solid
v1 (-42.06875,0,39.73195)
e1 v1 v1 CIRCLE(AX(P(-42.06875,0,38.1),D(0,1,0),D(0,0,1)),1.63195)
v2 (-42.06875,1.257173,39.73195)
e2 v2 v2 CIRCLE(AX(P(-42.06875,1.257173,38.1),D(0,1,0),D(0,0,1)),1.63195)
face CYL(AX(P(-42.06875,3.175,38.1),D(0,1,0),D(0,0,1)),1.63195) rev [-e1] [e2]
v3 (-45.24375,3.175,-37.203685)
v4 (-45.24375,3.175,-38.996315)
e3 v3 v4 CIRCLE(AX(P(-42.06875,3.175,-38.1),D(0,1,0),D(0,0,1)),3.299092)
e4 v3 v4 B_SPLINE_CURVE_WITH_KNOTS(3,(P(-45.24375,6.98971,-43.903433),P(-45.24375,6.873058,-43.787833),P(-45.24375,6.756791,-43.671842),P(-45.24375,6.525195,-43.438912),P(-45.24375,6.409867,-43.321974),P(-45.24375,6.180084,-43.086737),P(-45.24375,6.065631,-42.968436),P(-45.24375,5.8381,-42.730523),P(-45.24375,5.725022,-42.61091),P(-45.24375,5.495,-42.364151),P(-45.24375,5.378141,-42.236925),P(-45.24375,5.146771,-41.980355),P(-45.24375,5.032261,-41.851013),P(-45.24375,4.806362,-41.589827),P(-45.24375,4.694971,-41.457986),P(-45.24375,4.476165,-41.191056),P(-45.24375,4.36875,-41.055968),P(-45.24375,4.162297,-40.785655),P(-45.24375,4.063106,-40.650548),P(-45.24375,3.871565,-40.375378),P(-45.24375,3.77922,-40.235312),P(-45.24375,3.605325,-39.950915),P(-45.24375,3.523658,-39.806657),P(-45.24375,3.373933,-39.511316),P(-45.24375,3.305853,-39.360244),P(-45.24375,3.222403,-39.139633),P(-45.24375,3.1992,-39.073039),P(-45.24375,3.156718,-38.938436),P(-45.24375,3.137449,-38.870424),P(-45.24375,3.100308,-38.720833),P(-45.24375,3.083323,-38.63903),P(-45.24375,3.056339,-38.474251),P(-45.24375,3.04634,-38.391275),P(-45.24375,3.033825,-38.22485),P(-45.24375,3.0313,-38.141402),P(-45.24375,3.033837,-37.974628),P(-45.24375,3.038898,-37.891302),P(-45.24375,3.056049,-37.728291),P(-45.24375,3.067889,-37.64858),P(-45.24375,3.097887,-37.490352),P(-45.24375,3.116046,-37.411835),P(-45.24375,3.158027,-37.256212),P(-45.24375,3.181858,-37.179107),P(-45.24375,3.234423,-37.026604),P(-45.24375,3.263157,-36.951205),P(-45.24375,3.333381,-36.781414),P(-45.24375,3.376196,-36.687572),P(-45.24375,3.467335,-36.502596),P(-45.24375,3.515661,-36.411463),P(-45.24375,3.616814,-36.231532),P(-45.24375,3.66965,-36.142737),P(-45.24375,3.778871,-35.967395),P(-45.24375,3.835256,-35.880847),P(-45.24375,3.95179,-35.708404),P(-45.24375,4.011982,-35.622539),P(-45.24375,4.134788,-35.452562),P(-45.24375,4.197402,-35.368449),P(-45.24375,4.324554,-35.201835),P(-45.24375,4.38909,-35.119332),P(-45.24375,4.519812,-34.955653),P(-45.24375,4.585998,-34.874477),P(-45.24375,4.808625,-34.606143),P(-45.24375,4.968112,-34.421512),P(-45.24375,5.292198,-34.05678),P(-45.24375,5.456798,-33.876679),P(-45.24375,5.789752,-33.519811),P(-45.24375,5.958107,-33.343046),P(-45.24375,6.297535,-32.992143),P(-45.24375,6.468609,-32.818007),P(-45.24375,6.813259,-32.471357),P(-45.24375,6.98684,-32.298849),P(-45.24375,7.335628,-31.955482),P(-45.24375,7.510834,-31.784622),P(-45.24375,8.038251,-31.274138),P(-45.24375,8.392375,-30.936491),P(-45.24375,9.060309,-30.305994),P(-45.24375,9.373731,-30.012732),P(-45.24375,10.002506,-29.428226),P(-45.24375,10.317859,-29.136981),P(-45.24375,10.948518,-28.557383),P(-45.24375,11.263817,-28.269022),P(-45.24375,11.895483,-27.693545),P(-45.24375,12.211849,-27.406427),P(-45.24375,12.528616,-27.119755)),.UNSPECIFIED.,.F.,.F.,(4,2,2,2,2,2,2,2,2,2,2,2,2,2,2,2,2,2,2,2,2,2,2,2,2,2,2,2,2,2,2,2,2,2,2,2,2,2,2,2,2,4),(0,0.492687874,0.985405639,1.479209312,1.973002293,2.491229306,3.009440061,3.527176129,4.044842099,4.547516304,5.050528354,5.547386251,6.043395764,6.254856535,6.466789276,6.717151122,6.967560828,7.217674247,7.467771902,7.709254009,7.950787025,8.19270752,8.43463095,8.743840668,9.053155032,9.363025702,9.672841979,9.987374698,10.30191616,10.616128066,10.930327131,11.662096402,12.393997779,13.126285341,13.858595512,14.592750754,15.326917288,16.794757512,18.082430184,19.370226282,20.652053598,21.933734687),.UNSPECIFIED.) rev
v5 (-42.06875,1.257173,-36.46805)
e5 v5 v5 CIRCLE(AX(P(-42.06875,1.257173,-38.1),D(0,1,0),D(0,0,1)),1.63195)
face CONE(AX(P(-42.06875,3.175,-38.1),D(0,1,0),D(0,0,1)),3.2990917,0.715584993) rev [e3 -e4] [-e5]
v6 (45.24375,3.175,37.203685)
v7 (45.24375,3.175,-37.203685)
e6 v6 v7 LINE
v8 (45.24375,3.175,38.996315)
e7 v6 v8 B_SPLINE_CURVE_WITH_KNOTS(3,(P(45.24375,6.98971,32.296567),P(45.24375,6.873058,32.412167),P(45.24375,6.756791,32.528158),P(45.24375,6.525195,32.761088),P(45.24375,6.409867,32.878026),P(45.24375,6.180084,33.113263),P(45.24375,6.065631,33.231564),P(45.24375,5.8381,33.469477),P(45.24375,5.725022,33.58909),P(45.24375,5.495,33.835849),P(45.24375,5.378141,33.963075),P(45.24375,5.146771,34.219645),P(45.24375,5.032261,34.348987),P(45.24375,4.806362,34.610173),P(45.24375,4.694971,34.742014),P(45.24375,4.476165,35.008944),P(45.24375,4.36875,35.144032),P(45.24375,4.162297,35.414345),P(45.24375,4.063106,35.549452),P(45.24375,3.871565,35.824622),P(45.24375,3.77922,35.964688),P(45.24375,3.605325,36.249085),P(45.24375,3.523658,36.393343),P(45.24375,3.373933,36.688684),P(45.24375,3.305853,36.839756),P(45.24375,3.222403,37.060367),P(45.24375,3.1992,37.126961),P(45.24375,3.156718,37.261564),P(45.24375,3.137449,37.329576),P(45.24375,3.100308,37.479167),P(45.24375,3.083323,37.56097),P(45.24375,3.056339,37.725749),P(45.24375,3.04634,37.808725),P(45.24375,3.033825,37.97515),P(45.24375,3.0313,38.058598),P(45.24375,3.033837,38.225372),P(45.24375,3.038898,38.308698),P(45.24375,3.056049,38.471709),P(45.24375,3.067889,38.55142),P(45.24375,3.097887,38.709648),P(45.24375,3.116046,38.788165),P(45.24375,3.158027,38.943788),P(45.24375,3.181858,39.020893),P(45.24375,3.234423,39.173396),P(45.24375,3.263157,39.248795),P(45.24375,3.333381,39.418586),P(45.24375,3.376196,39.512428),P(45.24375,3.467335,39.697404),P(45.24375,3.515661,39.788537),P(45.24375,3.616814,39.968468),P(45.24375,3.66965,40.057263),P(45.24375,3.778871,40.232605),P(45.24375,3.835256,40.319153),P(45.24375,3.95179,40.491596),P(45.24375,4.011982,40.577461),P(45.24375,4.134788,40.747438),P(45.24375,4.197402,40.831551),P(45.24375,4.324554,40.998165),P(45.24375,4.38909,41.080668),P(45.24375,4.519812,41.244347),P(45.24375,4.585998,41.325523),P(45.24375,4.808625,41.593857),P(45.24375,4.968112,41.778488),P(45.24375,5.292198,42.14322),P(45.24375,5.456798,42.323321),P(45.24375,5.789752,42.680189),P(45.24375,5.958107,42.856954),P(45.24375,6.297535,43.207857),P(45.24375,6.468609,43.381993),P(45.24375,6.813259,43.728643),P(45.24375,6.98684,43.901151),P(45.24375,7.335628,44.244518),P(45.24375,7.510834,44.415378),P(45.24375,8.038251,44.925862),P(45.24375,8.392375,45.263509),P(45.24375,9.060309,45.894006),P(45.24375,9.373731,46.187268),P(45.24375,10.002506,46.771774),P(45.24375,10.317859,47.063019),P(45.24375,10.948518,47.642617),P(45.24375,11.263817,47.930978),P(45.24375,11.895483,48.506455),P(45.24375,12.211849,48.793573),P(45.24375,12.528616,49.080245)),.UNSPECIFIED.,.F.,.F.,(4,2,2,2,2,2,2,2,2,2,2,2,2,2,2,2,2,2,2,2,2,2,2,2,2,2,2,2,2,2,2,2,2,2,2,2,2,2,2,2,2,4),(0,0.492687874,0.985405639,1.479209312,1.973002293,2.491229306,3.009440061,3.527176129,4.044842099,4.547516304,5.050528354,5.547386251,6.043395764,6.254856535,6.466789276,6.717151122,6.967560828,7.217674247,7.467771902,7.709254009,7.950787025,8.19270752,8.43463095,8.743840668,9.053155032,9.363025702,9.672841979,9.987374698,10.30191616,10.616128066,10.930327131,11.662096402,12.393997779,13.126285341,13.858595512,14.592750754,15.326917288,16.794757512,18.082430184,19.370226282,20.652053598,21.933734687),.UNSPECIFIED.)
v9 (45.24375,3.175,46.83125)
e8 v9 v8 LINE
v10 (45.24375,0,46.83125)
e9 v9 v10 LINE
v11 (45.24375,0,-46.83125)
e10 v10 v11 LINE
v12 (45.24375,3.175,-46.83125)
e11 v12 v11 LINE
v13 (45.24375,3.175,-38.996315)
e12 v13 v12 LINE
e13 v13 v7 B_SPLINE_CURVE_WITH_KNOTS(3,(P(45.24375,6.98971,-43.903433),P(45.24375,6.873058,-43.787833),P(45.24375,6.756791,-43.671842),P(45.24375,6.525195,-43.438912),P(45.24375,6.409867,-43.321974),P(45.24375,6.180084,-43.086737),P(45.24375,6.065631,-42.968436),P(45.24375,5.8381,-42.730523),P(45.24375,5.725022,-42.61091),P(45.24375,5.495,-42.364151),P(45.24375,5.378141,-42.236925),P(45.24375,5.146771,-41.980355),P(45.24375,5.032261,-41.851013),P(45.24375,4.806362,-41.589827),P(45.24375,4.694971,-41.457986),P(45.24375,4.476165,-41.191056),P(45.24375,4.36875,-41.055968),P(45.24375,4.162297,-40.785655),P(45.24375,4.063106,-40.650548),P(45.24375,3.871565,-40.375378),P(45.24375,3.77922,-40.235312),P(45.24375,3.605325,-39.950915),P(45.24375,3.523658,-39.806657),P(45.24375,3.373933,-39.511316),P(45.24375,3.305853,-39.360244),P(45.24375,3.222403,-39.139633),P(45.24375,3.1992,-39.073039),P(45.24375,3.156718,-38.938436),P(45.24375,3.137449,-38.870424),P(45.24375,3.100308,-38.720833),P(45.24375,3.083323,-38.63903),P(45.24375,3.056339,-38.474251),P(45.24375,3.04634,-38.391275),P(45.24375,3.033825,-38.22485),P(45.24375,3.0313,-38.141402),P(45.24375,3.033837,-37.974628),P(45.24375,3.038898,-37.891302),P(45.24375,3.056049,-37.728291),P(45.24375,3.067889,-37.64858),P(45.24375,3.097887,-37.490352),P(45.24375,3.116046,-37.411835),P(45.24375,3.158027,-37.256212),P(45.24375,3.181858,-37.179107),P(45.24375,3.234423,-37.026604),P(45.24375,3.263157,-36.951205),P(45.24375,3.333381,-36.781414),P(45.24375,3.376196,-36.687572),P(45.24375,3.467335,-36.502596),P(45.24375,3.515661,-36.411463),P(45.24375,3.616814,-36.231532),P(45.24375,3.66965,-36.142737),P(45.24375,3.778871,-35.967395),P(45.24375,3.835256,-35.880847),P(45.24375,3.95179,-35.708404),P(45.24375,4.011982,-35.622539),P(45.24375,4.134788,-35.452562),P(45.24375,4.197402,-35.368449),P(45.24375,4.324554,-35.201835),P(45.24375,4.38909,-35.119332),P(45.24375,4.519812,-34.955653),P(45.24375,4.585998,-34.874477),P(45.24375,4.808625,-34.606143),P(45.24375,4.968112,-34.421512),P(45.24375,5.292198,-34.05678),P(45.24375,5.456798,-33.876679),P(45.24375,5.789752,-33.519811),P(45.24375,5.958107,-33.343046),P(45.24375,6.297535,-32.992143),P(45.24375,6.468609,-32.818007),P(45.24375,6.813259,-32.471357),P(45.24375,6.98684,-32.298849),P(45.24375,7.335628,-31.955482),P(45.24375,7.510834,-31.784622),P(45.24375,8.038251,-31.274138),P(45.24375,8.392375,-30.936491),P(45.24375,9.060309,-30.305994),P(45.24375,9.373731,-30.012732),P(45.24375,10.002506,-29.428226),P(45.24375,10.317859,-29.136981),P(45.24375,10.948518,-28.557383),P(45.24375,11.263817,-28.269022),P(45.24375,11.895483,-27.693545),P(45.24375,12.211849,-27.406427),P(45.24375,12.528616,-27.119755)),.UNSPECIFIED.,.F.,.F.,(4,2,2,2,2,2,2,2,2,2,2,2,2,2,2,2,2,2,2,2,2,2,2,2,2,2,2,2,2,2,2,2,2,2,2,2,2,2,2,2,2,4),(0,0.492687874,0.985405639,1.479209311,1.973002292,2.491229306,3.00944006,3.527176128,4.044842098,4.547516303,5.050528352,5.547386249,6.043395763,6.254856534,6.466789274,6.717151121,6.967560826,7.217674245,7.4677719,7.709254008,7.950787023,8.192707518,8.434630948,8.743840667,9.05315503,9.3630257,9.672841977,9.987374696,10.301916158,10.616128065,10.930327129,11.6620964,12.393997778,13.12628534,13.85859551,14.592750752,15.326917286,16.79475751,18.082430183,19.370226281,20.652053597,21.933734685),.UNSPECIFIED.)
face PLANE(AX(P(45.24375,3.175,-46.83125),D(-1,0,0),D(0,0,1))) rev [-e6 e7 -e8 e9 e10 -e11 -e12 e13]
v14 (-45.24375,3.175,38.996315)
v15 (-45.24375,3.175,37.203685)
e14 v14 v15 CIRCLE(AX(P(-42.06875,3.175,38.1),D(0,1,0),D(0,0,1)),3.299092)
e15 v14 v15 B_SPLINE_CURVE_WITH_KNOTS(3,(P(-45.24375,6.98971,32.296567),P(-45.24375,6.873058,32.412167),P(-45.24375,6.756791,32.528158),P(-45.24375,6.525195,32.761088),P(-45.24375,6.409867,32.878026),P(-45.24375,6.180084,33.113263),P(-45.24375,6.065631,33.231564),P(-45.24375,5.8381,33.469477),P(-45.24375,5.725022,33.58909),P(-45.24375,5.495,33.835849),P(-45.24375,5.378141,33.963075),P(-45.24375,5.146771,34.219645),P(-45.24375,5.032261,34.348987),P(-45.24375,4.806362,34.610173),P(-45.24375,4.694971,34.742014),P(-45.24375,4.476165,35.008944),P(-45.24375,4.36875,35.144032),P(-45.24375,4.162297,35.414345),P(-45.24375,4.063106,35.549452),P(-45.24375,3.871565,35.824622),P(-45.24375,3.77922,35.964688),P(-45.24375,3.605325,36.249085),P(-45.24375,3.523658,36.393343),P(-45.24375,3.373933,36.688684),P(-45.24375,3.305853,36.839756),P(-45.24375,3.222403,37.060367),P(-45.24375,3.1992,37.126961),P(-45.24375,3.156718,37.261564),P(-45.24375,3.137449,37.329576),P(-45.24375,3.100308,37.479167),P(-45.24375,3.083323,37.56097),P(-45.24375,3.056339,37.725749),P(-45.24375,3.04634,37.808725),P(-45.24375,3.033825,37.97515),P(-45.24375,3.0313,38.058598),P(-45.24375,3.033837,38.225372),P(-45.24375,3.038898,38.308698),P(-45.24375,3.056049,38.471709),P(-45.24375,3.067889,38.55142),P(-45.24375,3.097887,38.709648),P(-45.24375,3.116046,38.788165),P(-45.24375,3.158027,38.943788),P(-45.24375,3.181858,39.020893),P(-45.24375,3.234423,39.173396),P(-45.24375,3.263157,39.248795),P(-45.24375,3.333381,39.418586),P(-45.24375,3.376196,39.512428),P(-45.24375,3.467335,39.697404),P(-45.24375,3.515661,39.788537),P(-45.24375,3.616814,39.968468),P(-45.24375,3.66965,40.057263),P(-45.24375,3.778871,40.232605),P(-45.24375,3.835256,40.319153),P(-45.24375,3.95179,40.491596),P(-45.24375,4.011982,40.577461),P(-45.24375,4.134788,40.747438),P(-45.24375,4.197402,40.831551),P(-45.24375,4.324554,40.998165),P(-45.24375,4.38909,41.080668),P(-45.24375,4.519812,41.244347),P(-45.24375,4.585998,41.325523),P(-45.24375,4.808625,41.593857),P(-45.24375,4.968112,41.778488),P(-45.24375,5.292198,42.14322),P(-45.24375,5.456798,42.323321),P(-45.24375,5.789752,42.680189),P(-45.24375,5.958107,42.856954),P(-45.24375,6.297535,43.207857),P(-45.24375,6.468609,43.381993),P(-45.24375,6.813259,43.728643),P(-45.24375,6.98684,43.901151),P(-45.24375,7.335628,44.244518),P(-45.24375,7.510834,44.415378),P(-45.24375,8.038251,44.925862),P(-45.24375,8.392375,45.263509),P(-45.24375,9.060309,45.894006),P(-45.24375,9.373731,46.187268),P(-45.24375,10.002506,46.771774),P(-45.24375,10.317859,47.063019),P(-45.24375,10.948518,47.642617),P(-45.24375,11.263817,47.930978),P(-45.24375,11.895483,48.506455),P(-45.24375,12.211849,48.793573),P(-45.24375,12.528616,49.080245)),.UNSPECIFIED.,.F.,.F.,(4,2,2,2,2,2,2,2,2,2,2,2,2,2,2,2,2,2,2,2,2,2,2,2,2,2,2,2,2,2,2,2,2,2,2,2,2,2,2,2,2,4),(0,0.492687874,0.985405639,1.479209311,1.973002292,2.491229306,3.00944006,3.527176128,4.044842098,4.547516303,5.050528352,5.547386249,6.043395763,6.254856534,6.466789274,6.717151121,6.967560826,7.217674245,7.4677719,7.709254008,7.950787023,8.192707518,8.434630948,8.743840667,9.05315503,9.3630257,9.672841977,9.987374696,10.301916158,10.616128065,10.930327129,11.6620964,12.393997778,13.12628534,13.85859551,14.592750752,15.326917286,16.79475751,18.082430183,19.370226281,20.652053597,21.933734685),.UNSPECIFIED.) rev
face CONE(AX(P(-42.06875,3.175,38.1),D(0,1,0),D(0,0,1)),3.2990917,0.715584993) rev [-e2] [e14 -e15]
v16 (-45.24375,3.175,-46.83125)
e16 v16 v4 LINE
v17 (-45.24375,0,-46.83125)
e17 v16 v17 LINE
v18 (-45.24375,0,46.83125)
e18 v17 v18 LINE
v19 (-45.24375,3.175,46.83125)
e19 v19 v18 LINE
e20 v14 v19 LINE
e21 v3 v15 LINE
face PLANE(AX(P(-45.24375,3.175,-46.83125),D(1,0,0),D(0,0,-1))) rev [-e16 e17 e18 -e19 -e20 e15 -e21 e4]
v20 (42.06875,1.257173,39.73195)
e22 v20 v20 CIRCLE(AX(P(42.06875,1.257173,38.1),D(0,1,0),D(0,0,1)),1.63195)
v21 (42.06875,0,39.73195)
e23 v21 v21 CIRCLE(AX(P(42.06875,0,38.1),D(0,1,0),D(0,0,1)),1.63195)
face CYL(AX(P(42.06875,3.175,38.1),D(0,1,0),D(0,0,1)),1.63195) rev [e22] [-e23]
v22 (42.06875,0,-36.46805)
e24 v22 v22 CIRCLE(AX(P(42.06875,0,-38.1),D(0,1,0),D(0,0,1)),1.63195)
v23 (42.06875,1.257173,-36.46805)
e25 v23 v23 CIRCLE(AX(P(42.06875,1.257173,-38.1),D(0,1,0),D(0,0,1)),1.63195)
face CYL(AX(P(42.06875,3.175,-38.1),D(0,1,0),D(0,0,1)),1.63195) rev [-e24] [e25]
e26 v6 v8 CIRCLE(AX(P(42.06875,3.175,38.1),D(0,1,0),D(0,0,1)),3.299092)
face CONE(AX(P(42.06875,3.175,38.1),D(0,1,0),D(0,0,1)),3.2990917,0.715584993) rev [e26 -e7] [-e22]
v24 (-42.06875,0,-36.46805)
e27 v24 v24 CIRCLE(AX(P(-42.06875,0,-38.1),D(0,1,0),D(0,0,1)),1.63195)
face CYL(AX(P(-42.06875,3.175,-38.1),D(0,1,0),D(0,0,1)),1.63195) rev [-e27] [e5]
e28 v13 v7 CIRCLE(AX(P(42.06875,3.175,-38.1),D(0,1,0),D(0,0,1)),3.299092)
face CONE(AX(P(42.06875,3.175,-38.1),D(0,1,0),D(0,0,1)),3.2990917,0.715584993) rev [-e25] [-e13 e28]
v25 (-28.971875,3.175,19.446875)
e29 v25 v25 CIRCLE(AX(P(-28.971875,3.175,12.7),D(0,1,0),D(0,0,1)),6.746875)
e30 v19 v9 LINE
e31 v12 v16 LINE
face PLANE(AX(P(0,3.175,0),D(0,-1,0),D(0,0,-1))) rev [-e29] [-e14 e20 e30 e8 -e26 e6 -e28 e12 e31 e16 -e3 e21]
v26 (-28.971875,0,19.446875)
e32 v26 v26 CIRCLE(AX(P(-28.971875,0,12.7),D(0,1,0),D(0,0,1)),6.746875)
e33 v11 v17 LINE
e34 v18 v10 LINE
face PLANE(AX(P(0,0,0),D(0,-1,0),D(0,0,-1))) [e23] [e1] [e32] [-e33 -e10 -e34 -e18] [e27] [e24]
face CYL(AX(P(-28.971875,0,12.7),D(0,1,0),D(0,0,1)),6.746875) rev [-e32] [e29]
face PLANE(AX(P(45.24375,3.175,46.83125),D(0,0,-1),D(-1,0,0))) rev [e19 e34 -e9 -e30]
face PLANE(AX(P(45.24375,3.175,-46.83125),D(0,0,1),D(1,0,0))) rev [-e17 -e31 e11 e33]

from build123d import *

# Parameters (mm, degrees)
SKETCH1_W                                     = 90.4875
SKETCH1_H                                     = 93.6625
BOSS_EXTRUDE1_DEPTH                           = 3.175
CSK_FOR_4_FLAT_HEAD_MACHINE_SCREW1_AT_2_COUNT = 2
CSK_FOR_4_FLAT_HEAD_MACHINE_SCREW1_AT_2_PITCH = 113.514575744
CSK_FOR_4_FLAT_HEAD_MACHINE_SCREW1_AT_3_COUNT = 2
CSK_FOR_4_FLAT_HEAD_MACHINE_SCREW1_AT_3_PITCH = 84.1375
CSK_FOR_4_FLAT_HEAD_MACHINE_SCREW1_AT_4_COUNT = 2
CSK_FOR_4_FLAT_HEAD_MACHINE_SCREW1_AT_4_PITCH = 76.2
SKETCH4_R                                     = 6.746875
CUT_EXTRUDE1_DEPTH                            = 4.175


with BuildPart() as part:
    # Sketch1 → Boss-Extrude1 (new body)
    with BuildSketch(Plane(origin=(0, 0, 0), x_dir=(1, 0, 0), z_dir=(0, 1, 0))):
        Rectangle(SKETCH1_W, SKETCH1_H)
    extrude(amount=BOSS_EXTRUDE1_DEPTH)

    # Sketch3 → CSK for #4 Flat Head Machine Screw1 (revolve, cut)
    with BuildSketch(Plane(origin=(42.06875, 3.175, 38.1), x_dir=(0, 0, 1), z_dir=(1, 0, 0))):
        Polygon((0, 0), (0, 3.175), (1.63195, 3.175), (1.63195, 1.917827142), (3.2990917, 0), align=None)
    csk_for_4_flat_head_machine_screw1 = revolve(axis=Axis((42.06875, 9.525, 38.1), (0, -1, 0)), mode=Mode.SUBTRACT)

    # CSK for #4 Flat Head Machine Screw1 at 2: CSK for #4 Flat Head Machine Screw1 ×2
    with Locations(*[Vector(-0.741204374, 0, -0.671279433) * (i * CSK_FOR_4_FLAT_HEAD_MACHINE_SCREW1_AT_2_PITCH) for i in range(1, CSK_FOR_4_FLAT_HEAD_MACHINE_SCREW1_AT_2_COUNT)]):
        add(csk_for_4_flat_head_machine_screw1, mode=Mode.SUBTRACT)

    # CSK for #4 Flat Head Machine Screw1 at 3: CSK for #4 Flat Head Machine Screw1 ×2
    with Locations(*[(-i * CSK_FOR_4_FLAT_HEAD_MACHINE_SCREW1_AT_3_PITCH, 0, 0) for i in range(1, CSK_FOR_4_FLAT_HEAD_MACHINE_SCREW1_AT_3_COUNT)]):
        add(csk_for_4_flat_head_machine_screw1, mode=Mode.SUBTRACT)

    # CSK for #4 Flat Head Machine Screw1 at 4: CSK for #4 Flat Head Machine Screw1 ×2
    with Locations(*[(0, 0, -i * CSK_FOR_4_FLAT_HEAD_MACHINE_SCREW1_AT_4_PITCH) for i in range(1, CSK_FOR_4_FLAT_HEAD_MACHINE_SCREW1_AT_4_COUNT)]):
        add(csk_for_4_flat_head_machine_screw1, mode=Mode.SUBTRACT)

    # Sketch4 → Cut-Extrude1 (cut, through all)
    with BuildSketch(Plane(origin=(0, 3.175, 0), x_dir=(1, 0, 0), z_dir=(0, 1, 0))):
        with Locations(Location((-28.971875, -12.7, 0), (0, 0, 270))):  # turned: the seam where the file's is
            Circle(SKETCH4_R)
    extrude(amount=-CUT_EXTRUDE1_DEPTH, mode=Mode.SUBTRACT)


solid = part.part
